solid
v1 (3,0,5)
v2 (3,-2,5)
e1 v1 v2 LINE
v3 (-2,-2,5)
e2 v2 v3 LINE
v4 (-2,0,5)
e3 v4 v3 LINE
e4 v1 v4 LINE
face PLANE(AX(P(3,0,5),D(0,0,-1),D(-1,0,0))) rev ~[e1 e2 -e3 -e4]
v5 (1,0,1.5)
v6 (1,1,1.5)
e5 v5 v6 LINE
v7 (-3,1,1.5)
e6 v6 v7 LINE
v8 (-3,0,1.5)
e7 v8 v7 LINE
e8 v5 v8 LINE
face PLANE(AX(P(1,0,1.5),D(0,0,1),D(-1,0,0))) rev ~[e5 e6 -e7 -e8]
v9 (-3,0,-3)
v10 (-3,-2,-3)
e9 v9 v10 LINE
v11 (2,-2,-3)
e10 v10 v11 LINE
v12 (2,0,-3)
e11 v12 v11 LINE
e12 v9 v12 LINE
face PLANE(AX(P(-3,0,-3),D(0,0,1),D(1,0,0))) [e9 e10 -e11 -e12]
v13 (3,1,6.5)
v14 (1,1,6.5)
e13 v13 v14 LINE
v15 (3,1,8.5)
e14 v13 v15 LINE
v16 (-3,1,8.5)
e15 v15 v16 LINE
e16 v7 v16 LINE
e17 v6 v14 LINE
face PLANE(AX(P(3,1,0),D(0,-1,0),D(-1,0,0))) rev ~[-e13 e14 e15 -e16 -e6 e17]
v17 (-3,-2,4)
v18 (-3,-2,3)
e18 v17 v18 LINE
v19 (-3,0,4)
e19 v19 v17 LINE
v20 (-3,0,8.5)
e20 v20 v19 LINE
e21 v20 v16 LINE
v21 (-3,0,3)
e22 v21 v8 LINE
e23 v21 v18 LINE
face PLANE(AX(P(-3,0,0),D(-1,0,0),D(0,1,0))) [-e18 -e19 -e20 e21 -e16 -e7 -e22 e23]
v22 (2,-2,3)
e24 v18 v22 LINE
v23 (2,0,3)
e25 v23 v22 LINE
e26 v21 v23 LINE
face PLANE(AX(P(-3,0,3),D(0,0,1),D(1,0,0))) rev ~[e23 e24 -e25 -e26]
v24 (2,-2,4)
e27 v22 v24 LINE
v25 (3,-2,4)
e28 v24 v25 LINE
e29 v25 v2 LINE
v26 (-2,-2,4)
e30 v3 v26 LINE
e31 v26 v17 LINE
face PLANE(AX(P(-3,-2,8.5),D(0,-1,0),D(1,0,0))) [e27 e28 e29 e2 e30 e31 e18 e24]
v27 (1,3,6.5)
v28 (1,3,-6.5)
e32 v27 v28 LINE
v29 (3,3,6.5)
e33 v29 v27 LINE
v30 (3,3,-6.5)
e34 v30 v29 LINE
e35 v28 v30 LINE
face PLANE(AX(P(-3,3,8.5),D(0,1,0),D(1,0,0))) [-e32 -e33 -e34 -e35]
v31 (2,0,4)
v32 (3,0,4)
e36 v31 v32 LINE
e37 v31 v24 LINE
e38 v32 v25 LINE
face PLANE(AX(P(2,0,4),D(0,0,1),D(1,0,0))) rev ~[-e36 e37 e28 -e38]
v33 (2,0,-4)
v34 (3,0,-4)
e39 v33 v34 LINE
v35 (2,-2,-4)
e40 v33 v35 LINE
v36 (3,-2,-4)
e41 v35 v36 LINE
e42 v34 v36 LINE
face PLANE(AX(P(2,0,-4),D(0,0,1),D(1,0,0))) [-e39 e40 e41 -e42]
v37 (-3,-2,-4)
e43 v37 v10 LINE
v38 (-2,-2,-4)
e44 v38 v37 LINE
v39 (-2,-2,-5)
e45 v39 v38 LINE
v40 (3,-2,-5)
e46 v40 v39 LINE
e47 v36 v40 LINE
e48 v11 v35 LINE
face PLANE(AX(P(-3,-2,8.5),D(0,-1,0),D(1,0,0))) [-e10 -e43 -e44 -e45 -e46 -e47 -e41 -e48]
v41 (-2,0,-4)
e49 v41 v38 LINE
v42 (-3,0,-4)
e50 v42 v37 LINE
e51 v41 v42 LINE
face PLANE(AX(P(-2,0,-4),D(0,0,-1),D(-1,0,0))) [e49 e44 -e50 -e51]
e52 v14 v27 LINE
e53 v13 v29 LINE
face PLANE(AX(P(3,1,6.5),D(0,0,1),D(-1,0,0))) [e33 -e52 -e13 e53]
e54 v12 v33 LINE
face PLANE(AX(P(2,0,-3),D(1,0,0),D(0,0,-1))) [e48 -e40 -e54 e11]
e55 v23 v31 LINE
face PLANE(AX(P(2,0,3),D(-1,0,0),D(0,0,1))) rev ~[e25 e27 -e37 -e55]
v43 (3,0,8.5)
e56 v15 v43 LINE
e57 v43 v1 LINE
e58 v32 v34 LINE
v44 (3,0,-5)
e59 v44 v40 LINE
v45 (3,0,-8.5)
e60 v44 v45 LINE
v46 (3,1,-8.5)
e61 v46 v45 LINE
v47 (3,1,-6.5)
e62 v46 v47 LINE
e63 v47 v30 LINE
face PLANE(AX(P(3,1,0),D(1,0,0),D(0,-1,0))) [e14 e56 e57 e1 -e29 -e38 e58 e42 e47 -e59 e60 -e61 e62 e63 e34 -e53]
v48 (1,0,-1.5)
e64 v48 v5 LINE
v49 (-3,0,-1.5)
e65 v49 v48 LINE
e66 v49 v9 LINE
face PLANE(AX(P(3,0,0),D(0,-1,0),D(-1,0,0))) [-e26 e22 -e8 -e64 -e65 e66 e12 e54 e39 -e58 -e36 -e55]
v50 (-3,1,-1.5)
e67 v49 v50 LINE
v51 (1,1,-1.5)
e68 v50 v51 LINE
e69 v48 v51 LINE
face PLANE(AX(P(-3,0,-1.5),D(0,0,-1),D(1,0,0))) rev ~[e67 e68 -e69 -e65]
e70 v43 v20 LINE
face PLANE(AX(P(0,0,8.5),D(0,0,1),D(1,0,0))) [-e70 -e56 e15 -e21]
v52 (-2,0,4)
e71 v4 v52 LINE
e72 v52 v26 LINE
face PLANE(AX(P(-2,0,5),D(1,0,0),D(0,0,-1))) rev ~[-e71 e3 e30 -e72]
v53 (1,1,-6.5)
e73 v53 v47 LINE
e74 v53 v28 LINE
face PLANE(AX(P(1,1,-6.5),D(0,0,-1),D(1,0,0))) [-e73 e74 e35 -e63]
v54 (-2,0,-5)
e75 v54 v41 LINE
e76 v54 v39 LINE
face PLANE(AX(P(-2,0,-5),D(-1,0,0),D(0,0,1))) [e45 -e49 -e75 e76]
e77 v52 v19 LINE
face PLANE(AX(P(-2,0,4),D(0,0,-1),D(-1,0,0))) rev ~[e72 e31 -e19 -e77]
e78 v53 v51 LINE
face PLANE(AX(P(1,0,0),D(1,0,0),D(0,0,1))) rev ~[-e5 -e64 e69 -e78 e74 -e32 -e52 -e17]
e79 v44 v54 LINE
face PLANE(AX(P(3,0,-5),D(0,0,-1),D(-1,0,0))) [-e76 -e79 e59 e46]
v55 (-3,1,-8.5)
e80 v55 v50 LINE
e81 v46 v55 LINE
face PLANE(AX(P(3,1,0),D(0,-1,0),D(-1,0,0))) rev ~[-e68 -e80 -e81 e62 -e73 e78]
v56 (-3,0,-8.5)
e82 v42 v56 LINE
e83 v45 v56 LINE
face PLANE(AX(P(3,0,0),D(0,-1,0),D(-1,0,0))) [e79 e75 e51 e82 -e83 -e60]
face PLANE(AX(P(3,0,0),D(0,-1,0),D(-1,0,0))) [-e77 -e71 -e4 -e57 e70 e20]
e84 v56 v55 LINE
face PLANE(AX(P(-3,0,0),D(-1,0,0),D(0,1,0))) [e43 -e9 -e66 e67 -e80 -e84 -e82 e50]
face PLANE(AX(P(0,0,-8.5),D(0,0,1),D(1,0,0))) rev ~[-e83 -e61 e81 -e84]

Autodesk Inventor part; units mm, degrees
ref_plane "YZ Plane" through (0, 0, 0) normal (1, 0, 0) x (0, 1, 0)
ref_plane "XZ Plane" through (0, 0, 0) normal (0, 1, 0) x (-1, 0, 0)
ref_plane "XY Plane" through (0, 0, 0) normal (0, 0, 1) x (1, 0, 0)
sketch "Sketch1" plane through (0, 0, 0) normal (0, 0, 1) x (1, 0, 0)
  line L0 (3, 1) -> (3, 0)
  line L1 (3, 0) -> (-3, 0)
  line L2 (-3, 0) -> (-3, 1)
  line L3 (3, 1) -> (-3, 1)
  point P0 (0, 0)
  point P1 (0, 0)
  dimension "d0" = 6
  dimension "d6" = 1
extrude "Extrusion1" add sketch "Sketch1" along normal mid plane 17
sketch "Sketch2" plane through (-3, 0, 8.5) normal (0, -1, 0) x (1, 0, 0)
  line L0 (0, -5.5) -> (5, -5.5)
  line L1 (5, -5.5) -> (5, -4.5)
  line L2 (1, -4.5) -> (0, -4.5)
  line L3 (0, -4.5) -> (0, -5.5)
  line L4 (6, -3.5) -> (1, -3.5)
  line L5 (1, -3.5) -> (1, -4.5)
  line L6 (5, -4.5) -> (6, -4.5)
  line L7 (6, -4.5) -> (6, -3.5)
  line L8 (0, -17) -> (0, 0) projected
  line L9 (6, 0) -> (6, -17) projected
  line L10 (6, 0) -> (0, 0) projected
  line L11 (6, 0) -> (0, 0) projected
  line L12 (0, -17) -> (0, 0) projected
  line L13 (0, -17) -> (6, -17) projected
  line L14 (6, 0) -> (6, -17) projected
  line L15 (-1.2, -8.5) -> (7.2, -8.5) projected
  line L16 (5, -11.5) -> (5, -12.5)
  line L17 (1, -12.5) -> (0, -12.5)
  line L18 (0, -12.5) -> (0, -11.5)
  line L19 (6, -13.5) -> (1, -13.5)
  line L20 (1, -13.5) -> (1, -12.5)
  line L21 (5, -12.5) -> (6, -12.5)
  line L22 (6, -12.5) -> (6, -13.5)
  line L23 (0, -11.5) -> (5, -11.5)
  point P0 (3, -8.5)
  dimension "d7" = 1
  dimension "d8" = 1
  dimension "d9" = 2
  dimension "d10" = 3.5
extrude "Extrusion2" add sketch "Sketch2" along normal blind 2 contours L3 L2 L5 L4 L7 L6 L1 L0 | L23 L16 L21 L9 L19 L20 L17 L8
sketch "Sketch3" plane through (-3, 0, 3) normal (0, -1, 0) x (1, 0, 0)
  line L0 (6, 1) -> (5, 1) projected
  line L1 (5, 1) -> (5, 0) projected
  line L2 (5, 0) -> (0, 0) projected
  line L3 (0, -6) -> (0, 0) projected
  line L4 (0, -6) -> (5, -6) projected
  line L5 (5, -6) -> (5, -7) projected
  line L6 (5, -7) -> (6, -7) projected
  line L7 (6, 1) -> (6, -7) projected
  line L8 (4, -1.5) -> (0, -1.5)
  line L9 (0, -1.5) -> (0, -4.5)
  line L10 (0, -4.5) -> (4, -4.5)
  line L11 (4, -4.5) -> (4, -1.5)
  line L12 (0, -6) -> (0, 0) projected
  line L13 (-1.2, -3) -> (7.2, -3) projected
  point P0 (3, -3)
  point P1 (0, -3)
  dimension "d13" = 4
  dimension "d14" = 3
extrude "Extrusion3" cut sketch "Sketch3" against normal through all contours L13 L3 L8 L11 | L11 L10 L3 L13
sketch "Sketch4" plane through (-3, 1, 8.5) normal (0, 1, 0) x (1, 0, 0)
  line L0 (6, 2) -> (4, 2)
  line L1 (4, 2) -> (4, 15)
  line L2 (4, 15) -> (6, 15)
  line L3 (6, 15) -> (6, 2)
  line L4 (-1.2, 8.5) -> (7.2, 8.5) projected
  line L5 (6, 17) -> (6, 0) projected
  line L6 (4, 10) -> (4, 7) projected
  point P0 (3, 8.5)
  dimension "d17" = 13
extrude "Extrusion4" add sketch "Sketch4" along normal blind 2
properties part number "track" material "Rubber"
